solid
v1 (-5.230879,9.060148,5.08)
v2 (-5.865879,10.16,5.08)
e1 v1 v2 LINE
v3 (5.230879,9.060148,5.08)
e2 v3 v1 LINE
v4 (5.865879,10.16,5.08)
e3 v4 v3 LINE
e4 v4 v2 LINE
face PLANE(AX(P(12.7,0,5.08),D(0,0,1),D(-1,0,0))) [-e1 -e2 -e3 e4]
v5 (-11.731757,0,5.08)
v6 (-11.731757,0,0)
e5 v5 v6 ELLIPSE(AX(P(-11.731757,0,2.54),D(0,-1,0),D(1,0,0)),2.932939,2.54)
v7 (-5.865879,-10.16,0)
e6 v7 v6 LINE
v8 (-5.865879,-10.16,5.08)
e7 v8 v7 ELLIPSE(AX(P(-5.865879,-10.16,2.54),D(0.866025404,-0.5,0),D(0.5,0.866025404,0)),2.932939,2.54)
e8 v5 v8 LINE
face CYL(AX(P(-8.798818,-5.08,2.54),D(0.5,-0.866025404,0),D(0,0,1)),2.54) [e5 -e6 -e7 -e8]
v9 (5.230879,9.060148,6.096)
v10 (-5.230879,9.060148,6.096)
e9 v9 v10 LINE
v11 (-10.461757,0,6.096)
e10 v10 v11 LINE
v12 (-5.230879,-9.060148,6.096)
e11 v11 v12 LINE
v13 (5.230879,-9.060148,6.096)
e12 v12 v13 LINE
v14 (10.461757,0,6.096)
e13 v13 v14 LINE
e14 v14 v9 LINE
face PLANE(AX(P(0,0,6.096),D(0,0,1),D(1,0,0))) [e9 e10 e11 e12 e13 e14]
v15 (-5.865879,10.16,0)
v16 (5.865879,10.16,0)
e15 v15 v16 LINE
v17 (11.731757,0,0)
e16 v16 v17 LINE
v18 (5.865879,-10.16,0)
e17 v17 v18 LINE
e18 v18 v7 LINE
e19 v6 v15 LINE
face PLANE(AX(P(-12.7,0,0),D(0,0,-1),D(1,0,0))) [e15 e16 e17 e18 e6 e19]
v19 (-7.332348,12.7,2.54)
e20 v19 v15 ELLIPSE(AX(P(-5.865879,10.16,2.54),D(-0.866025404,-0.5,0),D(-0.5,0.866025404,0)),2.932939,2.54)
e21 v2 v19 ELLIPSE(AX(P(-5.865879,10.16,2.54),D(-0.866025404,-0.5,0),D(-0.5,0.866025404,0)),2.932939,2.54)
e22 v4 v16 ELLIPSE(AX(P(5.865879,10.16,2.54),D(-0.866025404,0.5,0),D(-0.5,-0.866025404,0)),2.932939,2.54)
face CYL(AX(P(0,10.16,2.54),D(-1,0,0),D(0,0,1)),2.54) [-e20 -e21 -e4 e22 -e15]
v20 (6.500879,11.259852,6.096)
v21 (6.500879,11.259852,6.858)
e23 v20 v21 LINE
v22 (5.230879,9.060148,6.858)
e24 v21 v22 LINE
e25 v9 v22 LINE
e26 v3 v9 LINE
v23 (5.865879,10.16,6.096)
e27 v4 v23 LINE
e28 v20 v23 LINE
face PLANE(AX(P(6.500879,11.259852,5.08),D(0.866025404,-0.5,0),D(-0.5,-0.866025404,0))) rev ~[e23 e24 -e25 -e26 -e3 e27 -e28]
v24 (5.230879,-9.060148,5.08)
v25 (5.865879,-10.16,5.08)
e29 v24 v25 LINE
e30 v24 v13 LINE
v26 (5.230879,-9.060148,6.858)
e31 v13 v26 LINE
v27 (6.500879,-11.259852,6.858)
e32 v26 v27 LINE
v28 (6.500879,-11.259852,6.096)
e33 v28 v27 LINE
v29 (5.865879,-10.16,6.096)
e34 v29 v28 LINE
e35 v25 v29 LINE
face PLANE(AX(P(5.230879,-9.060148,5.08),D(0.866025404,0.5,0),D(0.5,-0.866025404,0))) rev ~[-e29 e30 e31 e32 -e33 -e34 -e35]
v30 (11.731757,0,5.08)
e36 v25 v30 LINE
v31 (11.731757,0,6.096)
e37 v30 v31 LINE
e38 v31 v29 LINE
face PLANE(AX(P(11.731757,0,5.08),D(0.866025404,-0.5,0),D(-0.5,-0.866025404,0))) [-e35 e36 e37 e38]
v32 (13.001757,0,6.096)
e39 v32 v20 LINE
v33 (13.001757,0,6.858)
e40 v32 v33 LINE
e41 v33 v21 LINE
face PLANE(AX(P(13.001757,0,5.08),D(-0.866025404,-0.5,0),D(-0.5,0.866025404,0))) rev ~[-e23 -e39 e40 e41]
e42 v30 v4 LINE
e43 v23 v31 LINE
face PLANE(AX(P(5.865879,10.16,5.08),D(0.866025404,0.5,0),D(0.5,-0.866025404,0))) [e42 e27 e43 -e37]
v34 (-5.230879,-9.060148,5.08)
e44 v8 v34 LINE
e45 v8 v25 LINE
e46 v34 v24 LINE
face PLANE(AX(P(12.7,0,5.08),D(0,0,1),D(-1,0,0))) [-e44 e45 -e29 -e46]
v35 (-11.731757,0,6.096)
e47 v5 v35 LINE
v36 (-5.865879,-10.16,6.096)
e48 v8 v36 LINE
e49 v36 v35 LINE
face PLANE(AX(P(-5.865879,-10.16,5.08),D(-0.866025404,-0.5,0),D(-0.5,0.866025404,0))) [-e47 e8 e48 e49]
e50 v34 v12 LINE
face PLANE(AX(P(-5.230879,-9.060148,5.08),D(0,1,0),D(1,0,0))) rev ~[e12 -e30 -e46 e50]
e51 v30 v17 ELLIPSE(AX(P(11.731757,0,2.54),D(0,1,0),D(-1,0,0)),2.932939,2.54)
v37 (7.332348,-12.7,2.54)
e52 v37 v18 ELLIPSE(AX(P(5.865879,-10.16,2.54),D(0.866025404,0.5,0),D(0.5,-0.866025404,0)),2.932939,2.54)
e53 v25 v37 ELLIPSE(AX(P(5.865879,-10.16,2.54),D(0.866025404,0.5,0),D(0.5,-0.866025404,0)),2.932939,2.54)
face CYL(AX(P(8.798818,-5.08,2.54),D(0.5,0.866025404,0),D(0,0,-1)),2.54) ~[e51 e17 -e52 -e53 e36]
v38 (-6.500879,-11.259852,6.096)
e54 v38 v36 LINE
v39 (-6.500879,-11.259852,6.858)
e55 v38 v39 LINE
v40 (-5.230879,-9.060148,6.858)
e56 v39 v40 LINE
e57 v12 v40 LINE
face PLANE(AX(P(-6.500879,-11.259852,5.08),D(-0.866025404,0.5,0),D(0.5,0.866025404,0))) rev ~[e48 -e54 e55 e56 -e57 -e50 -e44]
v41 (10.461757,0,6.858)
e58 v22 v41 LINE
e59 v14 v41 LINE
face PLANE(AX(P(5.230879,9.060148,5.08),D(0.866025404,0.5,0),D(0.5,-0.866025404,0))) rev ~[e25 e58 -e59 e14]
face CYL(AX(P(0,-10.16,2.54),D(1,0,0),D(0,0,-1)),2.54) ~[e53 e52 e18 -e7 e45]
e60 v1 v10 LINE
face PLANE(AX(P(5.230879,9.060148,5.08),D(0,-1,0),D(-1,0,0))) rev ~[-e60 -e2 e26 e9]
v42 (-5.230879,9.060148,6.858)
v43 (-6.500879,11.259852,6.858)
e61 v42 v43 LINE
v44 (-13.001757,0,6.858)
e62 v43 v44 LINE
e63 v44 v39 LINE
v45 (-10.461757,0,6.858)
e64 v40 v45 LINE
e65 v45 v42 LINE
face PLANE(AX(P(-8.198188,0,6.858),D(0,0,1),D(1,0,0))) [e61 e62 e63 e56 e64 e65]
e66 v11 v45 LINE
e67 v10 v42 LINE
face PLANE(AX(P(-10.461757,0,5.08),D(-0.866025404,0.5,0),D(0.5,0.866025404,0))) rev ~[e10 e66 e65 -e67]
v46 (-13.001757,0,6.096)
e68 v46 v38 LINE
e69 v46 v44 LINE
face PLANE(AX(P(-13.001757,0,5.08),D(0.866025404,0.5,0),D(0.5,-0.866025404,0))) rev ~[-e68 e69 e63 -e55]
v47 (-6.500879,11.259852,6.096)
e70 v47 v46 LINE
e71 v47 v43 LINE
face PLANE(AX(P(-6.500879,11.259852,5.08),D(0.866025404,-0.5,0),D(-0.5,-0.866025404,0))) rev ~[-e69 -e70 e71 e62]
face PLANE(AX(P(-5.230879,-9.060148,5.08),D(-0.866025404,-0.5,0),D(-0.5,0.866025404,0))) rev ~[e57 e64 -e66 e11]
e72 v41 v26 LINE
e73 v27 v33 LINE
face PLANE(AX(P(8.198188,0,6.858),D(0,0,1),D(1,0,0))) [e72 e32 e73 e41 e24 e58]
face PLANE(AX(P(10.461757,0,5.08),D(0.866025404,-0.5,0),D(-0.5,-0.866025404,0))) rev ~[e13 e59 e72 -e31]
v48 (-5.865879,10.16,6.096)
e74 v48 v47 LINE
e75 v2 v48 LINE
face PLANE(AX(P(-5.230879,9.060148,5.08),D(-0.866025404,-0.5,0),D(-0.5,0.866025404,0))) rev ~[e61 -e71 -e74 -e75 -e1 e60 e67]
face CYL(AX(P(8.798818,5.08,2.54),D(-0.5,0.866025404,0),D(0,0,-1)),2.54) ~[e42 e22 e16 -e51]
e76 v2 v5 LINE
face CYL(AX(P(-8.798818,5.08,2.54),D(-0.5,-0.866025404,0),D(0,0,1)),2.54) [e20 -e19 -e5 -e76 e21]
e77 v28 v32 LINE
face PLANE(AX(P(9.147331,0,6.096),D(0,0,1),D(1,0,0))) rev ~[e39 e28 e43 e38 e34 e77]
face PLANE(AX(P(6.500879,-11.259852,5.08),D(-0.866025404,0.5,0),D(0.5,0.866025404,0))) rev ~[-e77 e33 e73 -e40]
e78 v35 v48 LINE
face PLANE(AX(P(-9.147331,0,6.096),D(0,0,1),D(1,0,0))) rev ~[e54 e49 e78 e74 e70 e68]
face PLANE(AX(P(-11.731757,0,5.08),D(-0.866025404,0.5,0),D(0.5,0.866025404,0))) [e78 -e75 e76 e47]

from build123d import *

# Parameters (mm, degrees)
F1_DEPTH  = 12.7
F3_DEPTH  = 25.4
F6_DEPTH  = 25.4
F9_DEPTH  = 25.4
F11_DEPTH = 1.778
F12_DEPTH = 1.016
F13_DEPTH = 1.016


with BuildPart() as f1:
    # F0 (on Front) → F1 (new body, symmetric)
    with BuildSketch(Plane.XZ):
        with BuildLine():
            Line((-12.7, 0), (0, 0))
            Line((0, 0), (12.7, 0))
            ThreePointArc((12.7, 0), (15.24, 2.54), (12.7, 5.08))
            Line((12.7, 5.08), (-12.7, 5.08))
            ThreePointArc((-12.7, 5.08), (-15.24, 2.54), (-12.7, 0))
        make_face()
    extrude(amount=F1_DEPTH, both=True)

    # F2 (on Right) → F3 (cut, symmetric)
    with BuildSketch(Plane.YZ):
        with BuildLine():
            ThreePointArc((10.16, 5.08), (12.7, 2.54), (10.16, 0))
            Line((10.16, 0), (29.21, 0))
            Line((29.21, 0), (29.21, 5.08))
            Line((29.21, 5.08), (10.16, 5.08))
        make_face()
        with BuildLine():
            ThreePointArc((-10.16, 0), (-12.7, 2.54), (-10.16, 5.08))
            Line((-10.16, 5.08), (-29.21, 5.08))
            Line((-29.21, 5.08), (-29.21, 0))
            Line((-29.21, 0), (-10.16, 0))
        make_face()
    extrude(amount=F3_DEPTH, both=True, mode=Mode.SUBTRACT)

    # F5 (on line) → F6 (cut, symmetric)
    with BuildSketch(Plane(origin=(0, 0, 0), x_dir=(-0.8660254038, -0.5, 0), z_dir=(-0.5, 0.8660254038, 0))):
        with BuildLine():
            ThreePointArc((10.16, 5.08), (12.7, 2.54), (10.16, 0))
            Line((10.16, 0), (29.21, 0))
            Line((29.21, 0), (29.21, 5.08))
            Line((29.21, 5.08), (10.16, 5.08))
        make_face()
        with BuildLine():
            ThreePointArc((-10.16, 0), (-12.7, 2.54), (-10.16, 5.08))
            Line((-10.16, 5.08), (-29.21, 5.08))
            Line((-29.21, 5.08), (-29.21, 0))
            Line((-29.21, 0), (-10.16, 0))
        make_face()
    extrude(amount=F6_DEPTH, both=True, mode=Mode.SUBTRACT)

    # F8 (on line) → F9 (cut, symmetric)
    with BuildSketch(Plane(origin=(0, 0, 0), x_dir=(-0.8660254038, 0.5, 0), z_dir=(0.5, 0.8660254038, 0))):
        with BuildLine():
            ThreePointArc((10.16, 5.08), (12.7, 2.54), (10.16, 0))
            Line((10.16, 0), (29.21, 0))
            Line((29.21, 0), (29.21, 5.08))
            Line((29.21, 5.08), (10.16, 5.08))
        make_face()
        with BuildLine():
            ThreePointArc((-10.16, 0), (-12.7, 2.54), (-10.16, 5.08))
            Line((-10.16, 5.08), (-29.21, 5.08))
            Line((-29.21, 5.08), (-29.21, 0))
            Line((-29.21, 0), (-10.16, 0))
        make_face()
    extrude(amount=F9_DEPTH, both=True, mode=Mode.SUBTRACT)

    # F10 (on face) → F11 (join)
    with BuildSketch(Plane.XY.offset(5.08)):
        Polygon((-5.230878735, 9.0601477372), (-5.865878735, 10.16), (-11.7317574699, 0), (-5.865878735, -10.16), (-5.230878735, -9.0601477372), (-10.4617574699, 0), align=None)
        Polygon((-11.7317574699, 0), (-5.865878735, 10.16), (-6.500878735, 11.2598522628), (-13.0017574699, 0), (-6.500878735, -11.2598522628), (-5.865878735, -10.16), align=None)
        Polygon((11.7317574699, 0), (5.865878735, 10.16), (5.230878735, 9.0601477372), (10.4617574699, 0), (5.230878735, -9.0601477372), (5.865878735, -10.16), align=None)
        Polygon((6.500878735, 11.2598522628), (5.865878735, 10.16), (11.7317574699, 0), (5.865878735, -10.16), (6.500878735, -11.2598522628), (13.0017574699, 0), align=None)
    extrude(amount=F11_DEPTH)

    # F10 (on face) → F12 (cut)
    with BuildSketch(Plane.XY.offset(5.08)):
        Polygon((6.500878735, 11.2598522628), (5.865878735, 10.16), (11.7317574699, 0), (5.865878735, -10.16), (6.500878735, -11.2598522628), (13.0017574699, 0), align=None)
        Polygon((-11.7317574699, 0), (-5.865878735, 10.16), (-6.500878735, 11.2598522628), (-13.0017574699, 0), (-6.500878735, -11.2598522628), (-5.865878735, -10.16), align=None)
    extrude(amount=F12_DEPTH, mode=Mode.SUBTRACT)

    # F10 (on face) → F13 (join)
    with BuildSketch(Plane.XY.offset(5.08)):
        Polygon((10.4617574699, 0), (5.230878735, 9.0601477372), (-5.230878735, 9.0601477372), (-10.4617574699, 0), (-5.230878735, -9.0601477372), (5.230878735, -9.0601477372), align=None)
    extrude(amount=F13_DEPTH)


solid = f1.part
